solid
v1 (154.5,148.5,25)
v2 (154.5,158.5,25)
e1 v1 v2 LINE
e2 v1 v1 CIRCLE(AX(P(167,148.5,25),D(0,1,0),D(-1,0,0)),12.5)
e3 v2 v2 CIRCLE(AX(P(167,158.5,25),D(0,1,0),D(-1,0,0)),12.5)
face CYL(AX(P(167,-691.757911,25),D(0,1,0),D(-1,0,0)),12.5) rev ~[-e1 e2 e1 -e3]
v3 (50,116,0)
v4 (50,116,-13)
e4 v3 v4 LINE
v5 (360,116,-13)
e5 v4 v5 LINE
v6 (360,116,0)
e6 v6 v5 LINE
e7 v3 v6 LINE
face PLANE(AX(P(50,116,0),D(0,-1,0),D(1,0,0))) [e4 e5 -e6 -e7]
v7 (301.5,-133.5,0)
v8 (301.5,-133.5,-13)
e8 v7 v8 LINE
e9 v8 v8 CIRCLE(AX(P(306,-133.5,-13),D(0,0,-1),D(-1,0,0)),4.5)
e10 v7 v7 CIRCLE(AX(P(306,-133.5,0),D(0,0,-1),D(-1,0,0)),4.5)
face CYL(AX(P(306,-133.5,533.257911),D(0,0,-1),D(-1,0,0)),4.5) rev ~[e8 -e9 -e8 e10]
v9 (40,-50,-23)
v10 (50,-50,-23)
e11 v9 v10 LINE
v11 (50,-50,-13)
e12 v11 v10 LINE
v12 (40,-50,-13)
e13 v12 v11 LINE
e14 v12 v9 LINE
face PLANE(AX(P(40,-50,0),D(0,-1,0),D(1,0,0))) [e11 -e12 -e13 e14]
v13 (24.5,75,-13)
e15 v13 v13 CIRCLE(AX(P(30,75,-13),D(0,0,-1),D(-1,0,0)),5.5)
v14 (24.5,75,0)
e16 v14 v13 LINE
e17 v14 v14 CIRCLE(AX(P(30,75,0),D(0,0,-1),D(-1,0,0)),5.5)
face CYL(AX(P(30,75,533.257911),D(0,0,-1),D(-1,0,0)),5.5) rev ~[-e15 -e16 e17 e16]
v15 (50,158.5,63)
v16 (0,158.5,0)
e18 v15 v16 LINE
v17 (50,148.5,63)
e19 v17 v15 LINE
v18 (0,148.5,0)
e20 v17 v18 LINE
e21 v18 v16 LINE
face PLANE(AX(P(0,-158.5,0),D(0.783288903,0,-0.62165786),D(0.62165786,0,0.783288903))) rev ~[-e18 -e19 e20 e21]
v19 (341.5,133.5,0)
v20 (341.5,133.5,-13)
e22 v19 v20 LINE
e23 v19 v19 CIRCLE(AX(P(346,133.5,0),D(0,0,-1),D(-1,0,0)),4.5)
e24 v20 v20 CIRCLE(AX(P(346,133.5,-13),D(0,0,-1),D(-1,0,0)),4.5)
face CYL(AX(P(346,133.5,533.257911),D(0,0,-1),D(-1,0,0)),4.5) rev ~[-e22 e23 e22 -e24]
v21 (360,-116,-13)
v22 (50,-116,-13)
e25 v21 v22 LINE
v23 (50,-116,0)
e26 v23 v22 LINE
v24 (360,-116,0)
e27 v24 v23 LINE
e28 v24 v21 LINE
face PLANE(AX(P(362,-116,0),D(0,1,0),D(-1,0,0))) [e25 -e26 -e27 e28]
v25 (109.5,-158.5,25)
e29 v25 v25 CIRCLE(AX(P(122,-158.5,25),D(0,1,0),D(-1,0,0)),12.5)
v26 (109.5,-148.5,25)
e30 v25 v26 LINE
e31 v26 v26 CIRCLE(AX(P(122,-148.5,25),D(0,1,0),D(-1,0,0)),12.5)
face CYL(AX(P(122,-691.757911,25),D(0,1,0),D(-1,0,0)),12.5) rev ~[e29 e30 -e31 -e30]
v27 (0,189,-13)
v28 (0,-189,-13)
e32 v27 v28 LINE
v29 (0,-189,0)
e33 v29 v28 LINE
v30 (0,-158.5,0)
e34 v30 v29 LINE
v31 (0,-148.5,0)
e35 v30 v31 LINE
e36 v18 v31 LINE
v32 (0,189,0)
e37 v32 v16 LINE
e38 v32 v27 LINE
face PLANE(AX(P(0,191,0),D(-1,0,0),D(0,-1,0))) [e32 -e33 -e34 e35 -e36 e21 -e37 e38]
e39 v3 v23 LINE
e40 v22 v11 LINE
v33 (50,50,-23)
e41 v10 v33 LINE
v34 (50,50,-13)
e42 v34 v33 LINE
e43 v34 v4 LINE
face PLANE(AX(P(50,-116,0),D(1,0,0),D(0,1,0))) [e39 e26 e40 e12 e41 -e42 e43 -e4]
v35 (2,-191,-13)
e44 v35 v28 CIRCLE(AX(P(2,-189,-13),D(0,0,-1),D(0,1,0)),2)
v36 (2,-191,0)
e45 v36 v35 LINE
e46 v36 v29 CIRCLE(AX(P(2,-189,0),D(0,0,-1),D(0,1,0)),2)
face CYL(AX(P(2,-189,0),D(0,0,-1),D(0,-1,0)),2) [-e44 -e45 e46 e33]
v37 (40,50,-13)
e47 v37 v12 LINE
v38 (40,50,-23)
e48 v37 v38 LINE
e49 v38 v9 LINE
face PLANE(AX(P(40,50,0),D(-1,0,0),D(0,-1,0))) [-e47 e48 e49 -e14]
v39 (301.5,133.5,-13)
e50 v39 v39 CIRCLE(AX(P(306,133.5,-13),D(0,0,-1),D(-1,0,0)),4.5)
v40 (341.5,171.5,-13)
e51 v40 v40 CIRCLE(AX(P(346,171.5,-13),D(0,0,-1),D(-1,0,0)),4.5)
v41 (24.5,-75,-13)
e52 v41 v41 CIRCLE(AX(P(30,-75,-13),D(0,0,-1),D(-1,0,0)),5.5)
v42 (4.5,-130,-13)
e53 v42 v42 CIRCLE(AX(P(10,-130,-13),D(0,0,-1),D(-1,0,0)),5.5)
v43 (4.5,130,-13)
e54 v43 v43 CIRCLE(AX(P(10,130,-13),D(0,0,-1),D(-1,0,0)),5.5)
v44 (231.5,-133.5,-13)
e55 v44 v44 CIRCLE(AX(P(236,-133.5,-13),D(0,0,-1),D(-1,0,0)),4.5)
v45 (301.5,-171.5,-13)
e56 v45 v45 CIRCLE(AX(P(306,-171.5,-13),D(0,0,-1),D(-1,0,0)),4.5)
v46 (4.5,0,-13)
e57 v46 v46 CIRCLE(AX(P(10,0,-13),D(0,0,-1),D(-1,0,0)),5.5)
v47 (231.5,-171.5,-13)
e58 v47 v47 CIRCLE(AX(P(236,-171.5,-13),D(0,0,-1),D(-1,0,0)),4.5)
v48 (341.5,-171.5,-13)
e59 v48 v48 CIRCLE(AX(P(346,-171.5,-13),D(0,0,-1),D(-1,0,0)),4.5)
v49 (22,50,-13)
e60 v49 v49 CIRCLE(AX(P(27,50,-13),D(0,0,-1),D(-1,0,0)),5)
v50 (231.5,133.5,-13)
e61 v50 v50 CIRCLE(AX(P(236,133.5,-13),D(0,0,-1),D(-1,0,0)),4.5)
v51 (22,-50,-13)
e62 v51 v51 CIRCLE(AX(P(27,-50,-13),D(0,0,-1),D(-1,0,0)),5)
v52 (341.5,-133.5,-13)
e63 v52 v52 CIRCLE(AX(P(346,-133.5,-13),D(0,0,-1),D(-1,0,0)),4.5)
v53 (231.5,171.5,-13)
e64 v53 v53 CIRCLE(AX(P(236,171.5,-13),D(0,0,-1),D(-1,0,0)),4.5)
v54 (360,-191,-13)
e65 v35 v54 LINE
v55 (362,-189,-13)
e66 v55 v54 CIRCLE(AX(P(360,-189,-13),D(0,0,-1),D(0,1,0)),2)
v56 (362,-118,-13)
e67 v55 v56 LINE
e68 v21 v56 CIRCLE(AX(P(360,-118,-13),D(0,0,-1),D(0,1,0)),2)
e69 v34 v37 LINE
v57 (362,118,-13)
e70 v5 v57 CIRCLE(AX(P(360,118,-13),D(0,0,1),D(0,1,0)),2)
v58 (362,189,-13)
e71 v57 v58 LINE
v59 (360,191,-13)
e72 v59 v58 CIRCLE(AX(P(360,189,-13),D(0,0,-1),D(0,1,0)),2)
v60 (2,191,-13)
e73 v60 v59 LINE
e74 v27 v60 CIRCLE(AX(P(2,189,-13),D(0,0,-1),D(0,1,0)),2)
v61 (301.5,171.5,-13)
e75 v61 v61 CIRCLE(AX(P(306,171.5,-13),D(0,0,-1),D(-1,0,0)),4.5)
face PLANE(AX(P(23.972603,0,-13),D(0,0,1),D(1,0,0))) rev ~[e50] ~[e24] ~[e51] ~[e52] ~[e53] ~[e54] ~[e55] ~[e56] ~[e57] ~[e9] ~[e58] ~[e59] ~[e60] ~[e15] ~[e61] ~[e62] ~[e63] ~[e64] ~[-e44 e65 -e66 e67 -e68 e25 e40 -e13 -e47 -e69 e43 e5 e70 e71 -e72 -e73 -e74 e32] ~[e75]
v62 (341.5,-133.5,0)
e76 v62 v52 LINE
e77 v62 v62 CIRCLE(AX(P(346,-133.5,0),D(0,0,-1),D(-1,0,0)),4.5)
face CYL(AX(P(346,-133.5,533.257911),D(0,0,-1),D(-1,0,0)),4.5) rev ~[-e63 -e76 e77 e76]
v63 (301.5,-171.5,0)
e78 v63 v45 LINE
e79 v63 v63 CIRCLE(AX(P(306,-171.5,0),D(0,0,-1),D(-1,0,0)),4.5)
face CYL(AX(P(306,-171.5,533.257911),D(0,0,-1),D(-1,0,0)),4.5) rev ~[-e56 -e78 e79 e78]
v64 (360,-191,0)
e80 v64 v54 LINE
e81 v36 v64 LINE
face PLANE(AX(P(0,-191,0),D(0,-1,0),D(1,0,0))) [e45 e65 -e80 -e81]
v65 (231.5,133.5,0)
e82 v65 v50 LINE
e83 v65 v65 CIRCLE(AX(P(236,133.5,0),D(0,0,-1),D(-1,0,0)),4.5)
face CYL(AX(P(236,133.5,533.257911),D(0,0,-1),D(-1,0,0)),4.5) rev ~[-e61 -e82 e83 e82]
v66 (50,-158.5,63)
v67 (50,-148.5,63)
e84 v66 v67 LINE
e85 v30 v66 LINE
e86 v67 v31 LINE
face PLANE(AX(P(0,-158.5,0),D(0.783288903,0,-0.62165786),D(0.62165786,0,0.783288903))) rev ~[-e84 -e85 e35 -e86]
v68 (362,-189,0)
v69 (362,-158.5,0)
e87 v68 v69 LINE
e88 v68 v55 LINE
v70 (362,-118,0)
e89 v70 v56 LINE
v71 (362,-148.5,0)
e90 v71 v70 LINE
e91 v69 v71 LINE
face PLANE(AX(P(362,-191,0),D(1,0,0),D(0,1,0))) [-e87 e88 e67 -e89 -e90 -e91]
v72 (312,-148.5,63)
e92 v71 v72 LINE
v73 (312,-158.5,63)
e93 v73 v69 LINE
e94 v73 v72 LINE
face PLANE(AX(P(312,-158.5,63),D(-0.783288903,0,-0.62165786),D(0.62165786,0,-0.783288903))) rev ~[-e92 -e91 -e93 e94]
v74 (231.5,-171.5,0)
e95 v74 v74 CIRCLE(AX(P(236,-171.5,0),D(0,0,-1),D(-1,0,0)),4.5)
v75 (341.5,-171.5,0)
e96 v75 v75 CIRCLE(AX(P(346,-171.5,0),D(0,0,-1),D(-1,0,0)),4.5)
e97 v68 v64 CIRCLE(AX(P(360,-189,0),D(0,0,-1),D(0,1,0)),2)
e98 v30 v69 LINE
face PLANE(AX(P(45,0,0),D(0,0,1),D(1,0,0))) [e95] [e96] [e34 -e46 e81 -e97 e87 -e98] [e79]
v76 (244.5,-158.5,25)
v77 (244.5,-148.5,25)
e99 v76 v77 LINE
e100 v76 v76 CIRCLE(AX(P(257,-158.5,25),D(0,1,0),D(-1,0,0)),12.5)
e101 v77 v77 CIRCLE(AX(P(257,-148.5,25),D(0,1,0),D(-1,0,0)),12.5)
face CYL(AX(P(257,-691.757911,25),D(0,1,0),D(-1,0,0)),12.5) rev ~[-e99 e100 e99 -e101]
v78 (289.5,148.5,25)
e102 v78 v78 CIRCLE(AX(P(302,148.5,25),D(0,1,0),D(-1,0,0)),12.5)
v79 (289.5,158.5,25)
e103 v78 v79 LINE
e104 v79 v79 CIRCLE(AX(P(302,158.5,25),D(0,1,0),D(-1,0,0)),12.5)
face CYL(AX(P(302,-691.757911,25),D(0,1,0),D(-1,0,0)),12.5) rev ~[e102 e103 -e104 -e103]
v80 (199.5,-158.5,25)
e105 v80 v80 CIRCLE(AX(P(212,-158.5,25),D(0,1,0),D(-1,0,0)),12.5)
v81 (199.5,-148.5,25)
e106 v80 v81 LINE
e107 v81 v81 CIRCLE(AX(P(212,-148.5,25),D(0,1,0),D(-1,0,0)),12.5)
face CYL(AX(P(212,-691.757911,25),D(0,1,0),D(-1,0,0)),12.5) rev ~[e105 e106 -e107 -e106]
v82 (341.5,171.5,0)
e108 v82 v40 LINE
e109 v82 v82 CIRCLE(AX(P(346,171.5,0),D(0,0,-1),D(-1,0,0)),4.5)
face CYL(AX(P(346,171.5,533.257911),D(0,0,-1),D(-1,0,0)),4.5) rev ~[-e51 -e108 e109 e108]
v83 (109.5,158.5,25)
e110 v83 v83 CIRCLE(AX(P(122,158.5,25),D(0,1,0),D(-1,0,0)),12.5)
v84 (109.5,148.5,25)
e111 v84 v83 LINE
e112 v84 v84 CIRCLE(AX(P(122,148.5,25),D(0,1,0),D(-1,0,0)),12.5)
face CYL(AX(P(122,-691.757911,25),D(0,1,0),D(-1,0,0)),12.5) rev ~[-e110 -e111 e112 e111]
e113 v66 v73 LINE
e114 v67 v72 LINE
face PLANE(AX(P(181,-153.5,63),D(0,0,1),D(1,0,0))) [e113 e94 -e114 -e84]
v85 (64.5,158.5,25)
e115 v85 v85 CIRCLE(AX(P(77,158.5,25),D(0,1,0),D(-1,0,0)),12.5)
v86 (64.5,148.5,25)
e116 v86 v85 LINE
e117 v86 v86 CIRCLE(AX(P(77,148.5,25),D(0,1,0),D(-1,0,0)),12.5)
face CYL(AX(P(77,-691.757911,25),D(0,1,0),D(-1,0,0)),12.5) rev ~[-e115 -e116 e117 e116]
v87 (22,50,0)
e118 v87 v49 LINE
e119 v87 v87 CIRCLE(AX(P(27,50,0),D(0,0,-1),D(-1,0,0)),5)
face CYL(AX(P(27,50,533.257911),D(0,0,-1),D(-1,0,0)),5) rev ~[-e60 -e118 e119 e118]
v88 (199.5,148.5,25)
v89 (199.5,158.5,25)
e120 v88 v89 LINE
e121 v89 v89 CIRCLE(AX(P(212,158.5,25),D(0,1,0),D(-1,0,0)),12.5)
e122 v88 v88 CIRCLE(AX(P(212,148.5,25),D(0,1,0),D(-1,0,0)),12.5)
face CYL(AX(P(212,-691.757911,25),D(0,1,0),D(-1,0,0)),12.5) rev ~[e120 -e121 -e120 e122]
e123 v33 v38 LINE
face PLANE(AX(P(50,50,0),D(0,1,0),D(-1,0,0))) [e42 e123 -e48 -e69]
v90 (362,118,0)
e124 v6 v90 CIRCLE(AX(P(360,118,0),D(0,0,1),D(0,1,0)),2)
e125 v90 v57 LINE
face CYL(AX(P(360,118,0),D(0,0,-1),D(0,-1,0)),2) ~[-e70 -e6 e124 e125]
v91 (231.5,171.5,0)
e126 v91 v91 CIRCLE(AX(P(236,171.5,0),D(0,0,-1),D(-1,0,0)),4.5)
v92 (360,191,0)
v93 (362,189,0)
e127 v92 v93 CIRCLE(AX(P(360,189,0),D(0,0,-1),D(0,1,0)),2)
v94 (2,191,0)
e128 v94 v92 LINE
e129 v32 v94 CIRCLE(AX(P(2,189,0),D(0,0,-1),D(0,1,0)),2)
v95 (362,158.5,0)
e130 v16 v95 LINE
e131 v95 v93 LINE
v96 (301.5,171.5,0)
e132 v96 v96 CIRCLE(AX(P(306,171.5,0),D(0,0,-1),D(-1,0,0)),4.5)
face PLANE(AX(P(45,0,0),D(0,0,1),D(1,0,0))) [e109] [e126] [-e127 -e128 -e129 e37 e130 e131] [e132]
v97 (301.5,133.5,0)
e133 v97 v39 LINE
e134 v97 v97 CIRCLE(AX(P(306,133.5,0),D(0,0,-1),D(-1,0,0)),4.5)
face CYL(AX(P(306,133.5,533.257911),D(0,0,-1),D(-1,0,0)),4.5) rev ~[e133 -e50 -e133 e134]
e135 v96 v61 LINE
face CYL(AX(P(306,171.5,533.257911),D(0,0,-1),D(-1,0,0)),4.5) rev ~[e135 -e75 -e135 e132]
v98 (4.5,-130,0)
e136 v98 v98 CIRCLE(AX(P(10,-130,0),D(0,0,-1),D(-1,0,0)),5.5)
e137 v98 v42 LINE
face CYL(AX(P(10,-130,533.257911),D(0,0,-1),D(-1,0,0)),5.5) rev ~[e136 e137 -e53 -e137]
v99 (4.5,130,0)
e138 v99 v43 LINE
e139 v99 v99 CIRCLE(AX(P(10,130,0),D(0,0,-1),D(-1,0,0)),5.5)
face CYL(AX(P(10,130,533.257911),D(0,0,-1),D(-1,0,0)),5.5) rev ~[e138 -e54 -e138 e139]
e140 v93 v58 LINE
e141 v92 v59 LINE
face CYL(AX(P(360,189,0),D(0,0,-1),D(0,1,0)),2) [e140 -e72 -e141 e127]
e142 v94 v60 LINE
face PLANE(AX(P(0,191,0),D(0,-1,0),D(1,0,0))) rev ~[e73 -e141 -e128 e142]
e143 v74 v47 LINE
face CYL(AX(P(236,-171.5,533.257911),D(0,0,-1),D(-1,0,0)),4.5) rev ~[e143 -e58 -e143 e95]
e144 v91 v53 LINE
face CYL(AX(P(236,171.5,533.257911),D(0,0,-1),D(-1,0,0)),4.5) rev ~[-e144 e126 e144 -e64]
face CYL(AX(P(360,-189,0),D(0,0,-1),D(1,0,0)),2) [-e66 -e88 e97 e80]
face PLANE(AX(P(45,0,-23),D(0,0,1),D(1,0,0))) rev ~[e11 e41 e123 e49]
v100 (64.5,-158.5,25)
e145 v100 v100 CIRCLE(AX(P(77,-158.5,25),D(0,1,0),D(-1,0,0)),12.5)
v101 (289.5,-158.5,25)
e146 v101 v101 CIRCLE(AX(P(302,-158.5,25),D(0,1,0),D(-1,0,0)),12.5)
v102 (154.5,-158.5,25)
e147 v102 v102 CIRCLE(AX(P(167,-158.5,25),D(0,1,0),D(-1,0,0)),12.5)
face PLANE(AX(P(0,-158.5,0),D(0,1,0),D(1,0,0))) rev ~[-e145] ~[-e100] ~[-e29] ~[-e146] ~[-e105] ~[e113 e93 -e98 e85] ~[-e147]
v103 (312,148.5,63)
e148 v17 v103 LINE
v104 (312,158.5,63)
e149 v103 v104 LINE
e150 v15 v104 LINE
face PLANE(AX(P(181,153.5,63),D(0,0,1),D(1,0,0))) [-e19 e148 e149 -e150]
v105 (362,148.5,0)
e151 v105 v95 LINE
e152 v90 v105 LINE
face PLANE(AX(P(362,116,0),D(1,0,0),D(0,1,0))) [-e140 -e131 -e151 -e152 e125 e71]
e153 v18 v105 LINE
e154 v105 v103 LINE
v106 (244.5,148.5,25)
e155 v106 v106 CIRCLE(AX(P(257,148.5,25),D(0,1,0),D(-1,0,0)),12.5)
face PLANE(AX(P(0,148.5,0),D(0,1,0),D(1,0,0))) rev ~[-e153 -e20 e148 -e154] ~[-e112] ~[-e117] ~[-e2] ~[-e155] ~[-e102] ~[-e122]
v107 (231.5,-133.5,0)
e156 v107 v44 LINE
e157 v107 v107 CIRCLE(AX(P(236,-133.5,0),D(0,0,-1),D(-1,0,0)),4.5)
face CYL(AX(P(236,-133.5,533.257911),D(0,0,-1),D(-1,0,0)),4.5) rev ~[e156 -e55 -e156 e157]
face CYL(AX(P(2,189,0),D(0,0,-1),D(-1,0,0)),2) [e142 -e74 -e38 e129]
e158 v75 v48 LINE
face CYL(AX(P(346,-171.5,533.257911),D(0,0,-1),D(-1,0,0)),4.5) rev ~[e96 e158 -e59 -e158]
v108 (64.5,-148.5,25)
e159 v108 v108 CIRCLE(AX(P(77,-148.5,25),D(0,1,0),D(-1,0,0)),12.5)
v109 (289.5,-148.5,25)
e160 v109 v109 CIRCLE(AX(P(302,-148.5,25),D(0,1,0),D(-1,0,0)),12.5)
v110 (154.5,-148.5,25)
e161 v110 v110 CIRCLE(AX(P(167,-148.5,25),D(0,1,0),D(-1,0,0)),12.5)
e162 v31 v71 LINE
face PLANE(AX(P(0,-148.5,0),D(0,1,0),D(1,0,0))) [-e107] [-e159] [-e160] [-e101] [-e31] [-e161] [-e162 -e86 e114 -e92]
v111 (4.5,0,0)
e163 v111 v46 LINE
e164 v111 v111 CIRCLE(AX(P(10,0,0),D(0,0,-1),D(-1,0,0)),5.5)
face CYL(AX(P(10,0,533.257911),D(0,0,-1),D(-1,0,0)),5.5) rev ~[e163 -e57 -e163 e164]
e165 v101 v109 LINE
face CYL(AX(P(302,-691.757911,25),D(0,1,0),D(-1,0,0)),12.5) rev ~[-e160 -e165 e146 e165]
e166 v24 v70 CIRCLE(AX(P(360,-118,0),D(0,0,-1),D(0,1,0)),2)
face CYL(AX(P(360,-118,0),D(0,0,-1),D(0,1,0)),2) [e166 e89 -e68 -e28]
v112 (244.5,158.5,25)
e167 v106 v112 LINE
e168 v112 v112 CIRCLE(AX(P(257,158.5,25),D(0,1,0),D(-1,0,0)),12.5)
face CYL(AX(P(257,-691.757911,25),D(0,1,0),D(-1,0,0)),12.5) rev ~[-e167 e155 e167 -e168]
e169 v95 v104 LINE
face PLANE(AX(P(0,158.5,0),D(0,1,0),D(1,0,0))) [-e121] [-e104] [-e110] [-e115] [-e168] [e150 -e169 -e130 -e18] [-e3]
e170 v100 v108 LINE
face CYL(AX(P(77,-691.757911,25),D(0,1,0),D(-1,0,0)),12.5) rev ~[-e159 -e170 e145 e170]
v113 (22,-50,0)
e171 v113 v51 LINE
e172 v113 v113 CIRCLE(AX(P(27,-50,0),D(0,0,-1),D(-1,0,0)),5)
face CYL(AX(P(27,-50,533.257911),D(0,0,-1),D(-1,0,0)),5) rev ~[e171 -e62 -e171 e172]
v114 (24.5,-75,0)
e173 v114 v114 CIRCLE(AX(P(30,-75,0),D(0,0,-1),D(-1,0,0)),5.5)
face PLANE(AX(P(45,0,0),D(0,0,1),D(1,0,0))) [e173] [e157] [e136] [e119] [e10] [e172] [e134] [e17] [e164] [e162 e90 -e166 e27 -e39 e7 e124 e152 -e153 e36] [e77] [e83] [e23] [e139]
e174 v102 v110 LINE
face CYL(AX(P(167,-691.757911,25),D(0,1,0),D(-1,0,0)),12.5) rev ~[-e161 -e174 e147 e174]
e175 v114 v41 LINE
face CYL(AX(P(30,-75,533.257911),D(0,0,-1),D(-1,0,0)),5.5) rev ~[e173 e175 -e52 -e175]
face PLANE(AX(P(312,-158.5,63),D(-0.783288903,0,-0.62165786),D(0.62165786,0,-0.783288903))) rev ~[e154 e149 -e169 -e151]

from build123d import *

# Parameters (mm, degrees)
F0_W     = 362
F0_H     = 10
F0_H_2   = 32.5
F1_DEPTH = 13
F2_DEPTH = 23
F3_DEPTH = 63
F4_D     = 9
F5_D     = 11
F6_D     = 10
F8_DEPTH = 349.501
F9_D     = 25
F10_R    = 2


with BuildPart() as f1:
    # F0 (on Top) → F1 (new body)
    with BuildSketch(Plane.XY):
        Polygon((0, 116), (0, 0), (0, -116), (50, -116), (50, -50), (40, -50), (40, 0), (40, 50), (50, 50), (50, 116), align=None)
        Polygon((0, 148.5), (0, 116), (50, 116), (362, 116), (362, 148.5), align=None)
        Polygon((50, -116), (0, -116), (0, -148.5), (362, -148.5), (362, -116), align=None)
        with Locations((181, 153.5)):
            Rectangle(F0_W, F0_H)
        with Locations((181, -153.5)):
            Rectangle(F0_W, F0_H)
        with Locations((181, 174.75)):
            Rectangle(F0_W, F0_H_2)
        Polygon((50, 0), (50, 50), (40, 50), (40, 0), (40, -50), (50, -50), align=None)
        with Locations((181, -174.75)):
            Rectangle(F0_W, F0_H_2)
    extrude(amount=-F1_DEPTH)

    # F0 (on Top) → F2 (join)
    with BuildSketch(Plane.XY):
        Polygon((50, 0), (50, 50), (40, 50), (40, 0), (40, -50), (50, -50), align=None)
    extrude(amount=-F2_DEPTH)

    # F0 (on Top) → F3 (join)
    with BuildSketch(Plane.XY):
        with Locations((181, 153.5)):
            Rectangle(F0_W, F0_H)
        with Locations((181, -153.5)):
            Rectangle(F0_W, F0_H)
    extrude(amount=F3_DEPTH)

    # F4 (through all)
    with Locations(Plane.XY):
        with Locations((236, 171.5), (306, 171.5), (346, 171.5), (236, 133.5), (306, 133.5), (346, 133.5), (236, -171.5), (306, -171.5), (346, -171.5), (236, -133.5), (306, -133.5), (346, -133.5)):
            Hole(F4_D / 2)

    # F5 (through all)
    with Locations(Plane.XY):
        with Locations((10, 130), (30, 75), (10, -130), (10, 0), (30, -75)):
            Hole(F5_D / 2)

    # F6 (through all)
    with Locations(Plane.XY):
        with Locations((27, 50), (27, -50)):
            Hole(F6_D / 2)

    # F7 (on face) → F8 (cut, through all)
    with BuildSketch(Plane.XZ.offset(158.5)):
        Polygon((50, 63), (0, 63), (0, 0), align=None)
        Polygon((312, 63), (362, 0), (362, 63), align=None)
    extrude(amount=-F8_DEPTH, mode=Mode.SUBTRACT)

    # F9 (through all)
    with Locations(Plane.XZ.offset(158.5)):
        with Locations((77, 25), (122, 25), (167, 25), (212, 25), (257, 25), (302, 25)):
            Hole(F9_D / 2)

    # F10
    f10_edges = [f1.edges().sort_by_distance(p)[0] for p in [
        (362, -191, -6.5),
        (362, 116, -6.5),
        (362, -116, -6.5),
        (362, 191, -6.5),
        (0, -191, -6.5),
        (0, 191, -6.5),
    ]]
    fillet(f10_edges, radius=F10_R)


solid = f1.part
